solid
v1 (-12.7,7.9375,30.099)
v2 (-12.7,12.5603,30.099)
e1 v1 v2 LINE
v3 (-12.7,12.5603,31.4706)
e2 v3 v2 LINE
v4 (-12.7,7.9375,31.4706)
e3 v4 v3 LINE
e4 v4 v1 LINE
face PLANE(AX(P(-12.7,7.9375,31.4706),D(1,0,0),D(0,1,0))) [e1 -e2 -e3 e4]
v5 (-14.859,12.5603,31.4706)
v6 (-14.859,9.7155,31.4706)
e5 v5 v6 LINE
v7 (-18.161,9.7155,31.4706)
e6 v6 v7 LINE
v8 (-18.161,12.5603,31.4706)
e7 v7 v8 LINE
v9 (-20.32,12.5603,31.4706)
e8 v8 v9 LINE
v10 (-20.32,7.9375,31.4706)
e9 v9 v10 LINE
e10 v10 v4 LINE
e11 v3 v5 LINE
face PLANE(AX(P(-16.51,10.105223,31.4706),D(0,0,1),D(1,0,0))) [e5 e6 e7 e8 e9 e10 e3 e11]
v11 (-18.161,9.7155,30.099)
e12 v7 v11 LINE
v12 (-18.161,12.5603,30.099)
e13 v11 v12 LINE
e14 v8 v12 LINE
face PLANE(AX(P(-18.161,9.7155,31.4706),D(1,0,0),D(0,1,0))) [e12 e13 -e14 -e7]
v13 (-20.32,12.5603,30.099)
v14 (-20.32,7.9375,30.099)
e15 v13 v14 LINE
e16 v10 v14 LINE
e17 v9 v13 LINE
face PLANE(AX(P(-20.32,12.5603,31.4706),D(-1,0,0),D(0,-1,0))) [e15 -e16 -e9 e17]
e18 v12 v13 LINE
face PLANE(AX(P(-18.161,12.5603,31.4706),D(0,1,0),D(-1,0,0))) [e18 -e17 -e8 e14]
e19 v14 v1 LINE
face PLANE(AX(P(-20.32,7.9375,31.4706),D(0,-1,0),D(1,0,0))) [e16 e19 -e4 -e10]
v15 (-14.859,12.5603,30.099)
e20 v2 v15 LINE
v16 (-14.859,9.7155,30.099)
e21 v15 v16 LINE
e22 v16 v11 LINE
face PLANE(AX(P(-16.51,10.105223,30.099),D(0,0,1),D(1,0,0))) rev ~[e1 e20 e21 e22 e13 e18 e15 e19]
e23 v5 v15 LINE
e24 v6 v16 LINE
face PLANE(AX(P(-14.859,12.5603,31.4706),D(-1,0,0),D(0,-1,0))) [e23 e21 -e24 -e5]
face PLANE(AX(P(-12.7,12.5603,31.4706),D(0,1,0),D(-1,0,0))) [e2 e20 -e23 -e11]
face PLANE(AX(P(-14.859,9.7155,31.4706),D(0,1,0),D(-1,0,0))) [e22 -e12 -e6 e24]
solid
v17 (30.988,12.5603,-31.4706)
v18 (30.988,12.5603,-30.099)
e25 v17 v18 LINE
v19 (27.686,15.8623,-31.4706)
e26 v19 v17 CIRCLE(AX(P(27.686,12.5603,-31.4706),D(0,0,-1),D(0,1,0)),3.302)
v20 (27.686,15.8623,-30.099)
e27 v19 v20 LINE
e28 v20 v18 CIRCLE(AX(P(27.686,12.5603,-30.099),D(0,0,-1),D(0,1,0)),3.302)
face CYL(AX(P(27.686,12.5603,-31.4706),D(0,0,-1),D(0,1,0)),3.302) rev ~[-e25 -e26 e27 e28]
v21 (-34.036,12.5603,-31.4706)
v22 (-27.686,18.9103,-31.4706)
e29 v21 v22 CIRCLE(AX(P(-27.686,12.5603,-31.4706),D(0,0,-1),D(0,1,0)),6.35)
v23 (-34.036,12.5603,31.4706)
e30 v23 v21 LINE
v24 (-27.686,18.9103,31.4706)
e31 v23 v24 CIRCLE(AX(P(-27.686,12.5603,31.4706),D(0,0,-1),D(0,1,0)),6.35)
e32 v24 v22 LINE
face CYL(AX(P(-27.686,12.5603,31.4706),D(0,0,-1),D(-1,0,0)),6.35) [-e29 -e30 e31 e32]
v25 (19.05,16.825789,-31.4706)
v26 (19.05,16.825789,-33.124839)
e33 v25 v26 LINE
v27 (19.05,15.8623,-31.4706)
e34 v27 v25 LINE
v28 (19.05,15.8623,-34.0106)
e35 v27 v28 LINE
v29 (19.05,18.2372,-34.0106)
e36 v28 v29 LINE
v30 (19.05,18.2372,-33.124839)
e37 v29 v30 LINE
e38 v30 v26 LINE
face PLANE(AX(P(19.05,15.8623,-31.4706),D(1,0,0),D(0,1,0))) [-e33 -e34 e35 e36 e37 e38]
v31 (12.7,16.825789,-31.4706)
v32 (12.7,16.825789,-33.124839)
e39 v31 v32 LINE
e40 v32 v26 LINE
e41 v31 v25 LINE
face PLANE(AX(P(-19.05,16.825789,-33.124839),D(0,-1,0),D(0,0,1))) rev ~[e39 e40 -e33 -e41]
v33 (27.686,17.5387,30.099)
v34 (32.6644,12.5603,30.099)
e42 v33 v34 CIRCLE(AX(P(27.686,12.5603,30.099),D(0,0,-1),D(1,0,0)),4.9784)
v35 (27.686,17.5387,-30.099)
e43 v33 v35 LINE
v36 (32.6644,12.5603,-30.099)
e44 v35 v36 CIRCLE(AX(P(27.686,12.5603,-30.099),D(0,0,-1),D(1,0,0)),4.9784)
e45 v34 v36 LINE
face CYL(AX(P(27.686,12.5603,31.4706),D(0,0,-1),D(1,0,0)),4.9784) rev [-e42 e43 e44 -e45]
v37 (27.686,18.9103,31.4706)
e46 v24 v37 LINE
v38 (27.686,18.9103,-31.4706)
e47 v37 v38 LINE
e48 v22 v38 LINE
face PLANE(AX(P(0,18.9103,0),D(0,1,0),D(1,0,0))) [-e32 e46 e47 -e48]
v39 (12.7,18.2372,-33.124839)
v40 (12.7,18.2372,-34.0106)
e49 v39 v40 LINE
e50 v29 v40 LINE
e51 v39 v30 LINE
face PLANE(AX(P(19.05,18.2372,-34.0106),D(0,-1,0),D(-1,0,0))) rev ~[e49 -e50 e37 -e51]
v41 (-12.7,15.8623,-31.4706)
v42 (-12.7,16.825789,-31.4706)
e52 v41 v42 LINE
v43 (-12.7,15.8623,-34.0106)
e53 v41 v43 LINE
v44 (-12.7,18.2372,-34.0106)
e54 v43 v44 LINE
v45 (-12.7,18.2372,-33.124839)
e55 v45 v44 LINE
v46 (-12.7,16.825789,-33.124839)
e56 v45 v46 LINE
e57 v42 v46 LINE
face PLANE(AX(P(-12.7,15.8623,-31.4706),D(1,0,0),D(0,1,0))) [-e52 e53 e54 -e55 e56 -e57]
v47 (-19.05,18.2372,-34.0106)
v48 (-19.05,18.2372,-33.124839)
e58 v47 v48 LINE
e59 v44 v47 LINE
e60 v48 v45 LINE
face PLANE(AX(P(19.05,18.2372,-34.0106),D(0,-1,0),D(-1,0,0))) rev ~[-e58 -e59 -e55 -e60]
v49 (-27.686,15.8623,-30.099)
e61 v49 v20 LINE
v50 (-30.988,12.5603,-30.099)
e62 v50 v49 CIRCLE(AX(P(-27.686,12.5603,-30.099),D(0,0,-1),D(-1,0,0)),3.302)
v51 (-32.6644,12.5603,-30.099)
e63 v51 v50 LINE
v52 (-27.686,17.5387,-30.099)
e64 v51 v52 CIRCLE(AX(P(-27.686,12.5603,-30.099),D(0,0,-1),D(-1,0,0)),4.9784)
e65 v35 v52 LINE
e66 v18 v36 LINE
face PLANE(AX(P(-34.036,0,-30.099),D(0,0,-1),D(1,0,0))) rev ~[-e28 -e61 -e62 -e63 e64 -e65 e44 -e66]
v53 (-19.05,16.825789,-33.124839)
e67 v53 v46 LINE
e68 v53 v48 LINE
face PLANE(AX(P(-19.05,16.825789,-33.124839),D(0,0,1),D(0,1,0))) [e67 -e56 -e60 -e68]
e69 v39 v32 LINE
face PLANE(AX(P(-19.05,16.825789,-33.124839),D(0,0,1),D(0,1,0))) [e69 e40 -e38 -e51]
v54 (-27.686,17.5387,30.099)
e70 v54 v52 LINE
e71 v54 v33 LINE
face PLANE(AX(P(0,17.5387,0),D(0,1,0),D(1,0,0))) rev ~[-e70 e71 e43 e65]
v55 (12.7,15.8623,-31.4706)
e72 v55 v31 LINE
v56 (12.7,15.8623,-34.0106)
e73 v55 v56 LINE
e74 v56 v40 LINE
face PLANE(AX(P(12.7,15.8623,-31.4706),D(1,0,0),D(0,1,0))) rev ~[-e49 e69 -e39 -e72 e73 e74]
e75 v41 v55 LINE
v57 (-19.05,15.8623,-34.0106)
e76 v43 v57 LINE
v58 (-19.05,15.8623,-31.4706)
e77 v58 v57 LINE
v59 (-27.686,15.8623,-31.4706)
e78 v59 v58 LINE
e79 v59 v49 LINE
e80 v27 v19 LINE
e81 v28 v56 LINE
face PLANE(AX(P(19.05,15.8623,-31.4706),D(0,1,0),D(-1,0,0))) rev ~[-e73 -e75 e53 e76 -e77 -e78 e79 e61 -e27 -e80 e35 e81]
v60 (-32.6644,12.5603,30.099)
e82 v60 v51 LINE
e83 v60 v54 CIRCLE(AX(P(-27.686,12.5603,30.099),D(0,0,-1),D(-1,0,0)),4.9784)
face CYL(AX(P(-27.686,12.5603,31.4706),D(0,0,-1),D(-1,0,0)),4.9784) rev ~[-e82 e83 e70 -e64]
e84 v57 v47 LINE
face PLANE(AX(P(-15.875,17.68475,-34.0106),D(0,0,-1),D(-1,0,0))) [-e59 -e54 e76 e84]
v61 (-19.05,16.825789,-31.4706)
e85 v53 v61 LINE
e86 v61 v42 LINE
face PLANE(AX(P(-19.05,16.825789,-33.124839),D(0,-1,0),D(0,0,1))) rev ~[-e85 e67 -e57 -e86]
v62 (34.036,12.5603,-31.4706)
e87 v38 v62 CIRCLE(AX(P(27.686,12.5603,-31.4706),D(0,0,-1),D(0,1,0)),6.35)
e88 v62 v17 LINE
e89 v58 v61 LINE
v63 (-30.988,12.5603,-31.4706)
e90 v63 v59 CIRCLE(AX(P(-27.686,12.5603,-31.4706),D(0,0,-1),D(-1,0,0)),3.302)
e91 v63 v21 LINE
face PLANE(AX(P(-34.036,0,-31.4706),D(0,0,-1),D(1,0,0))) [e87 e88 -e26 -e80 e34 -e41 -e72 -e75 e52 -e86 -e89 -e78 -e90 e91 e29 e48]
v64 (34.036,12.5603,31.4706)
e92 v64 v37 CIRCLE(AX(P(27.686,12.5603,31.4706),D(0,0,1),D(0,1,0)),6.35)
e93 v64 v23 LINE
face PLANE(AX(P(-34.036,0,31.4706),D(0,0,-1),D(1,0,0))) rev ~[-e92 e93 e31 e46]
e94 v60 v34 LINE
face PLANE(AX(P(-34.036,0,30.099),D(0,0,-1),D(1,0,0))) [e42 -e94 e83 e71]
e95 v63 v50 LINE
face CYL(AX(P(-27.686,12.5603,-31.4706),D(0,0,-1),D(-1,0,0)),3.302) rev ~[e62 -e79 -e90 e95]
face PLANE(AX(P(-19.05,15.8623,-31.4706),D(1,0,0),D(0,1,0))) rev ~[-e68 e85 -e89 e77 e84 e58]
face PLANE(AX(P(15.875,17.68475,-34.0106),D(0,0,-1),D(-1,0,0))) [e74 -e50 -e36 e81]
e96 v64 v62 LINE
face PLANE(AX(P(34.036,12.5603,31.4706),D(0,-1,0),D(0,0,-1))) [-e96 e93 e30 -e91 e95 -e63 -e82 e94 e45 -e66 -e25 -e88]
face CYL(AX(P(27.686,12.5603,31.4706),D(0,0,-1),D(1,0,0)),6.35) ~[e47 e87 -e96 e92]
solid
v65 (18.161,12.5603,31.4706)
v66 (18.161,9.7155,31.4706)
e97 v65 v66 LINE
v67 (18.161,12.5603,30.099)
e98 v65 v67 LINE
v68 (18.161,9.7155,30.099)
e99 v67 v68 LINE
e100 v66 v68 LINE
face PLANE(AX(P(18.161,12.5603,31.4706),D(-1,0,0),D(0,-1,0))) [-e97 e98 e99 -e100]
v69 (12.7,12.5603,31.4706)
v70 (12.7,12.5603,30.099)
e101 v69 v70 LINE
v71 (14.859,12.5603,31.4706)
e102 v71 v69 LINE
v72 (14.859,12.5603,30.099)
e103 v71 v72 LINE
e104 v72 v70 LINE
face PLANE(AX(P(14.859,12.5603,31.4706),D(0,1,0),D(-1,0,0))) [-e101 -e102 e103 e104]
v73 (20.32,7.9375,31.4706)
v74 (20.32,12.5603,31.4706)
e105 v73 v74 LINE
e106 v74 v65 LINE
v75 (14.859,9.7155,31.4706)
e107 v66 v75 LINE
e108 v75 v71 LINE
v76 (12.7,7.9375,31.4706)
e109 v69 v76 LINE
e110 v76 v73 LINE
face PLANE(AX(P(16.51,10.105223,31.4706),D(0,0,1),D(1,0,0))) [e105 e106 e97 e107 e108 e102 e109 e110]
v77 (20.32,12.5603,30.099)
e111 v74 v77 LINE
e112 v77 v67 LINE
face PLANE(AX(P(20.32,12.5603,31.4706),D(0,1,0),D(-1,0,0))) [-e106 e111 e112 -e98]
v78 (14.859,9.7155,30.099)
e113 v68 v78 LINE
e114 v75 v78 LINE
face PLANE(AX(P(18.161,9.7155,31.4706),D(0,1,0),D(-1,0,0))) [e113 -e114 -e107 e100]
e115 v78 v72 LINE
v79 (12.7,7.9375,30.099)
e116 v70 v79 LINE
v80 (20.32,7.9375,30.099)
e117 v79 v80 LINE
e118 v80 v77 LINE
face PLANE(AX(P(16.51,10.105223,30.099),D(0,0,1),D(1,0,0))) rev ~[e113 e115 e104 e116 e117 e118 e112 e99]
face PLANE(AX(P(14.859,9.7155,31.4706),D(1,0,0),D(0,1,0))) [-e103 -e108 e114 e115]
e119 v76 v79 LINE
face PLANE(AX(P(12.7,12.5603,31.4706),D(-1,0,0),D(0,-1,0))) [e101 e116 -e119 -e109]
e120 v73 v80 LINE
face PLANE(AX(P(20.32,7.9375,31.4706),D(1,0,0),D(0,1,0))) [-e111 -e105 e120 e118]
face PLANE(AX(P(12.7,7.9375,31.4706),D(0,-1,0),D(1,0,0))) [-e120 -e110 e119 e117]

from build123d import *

# Parameters (mm, degrees)
SKETCH1_W                = 68.072
SKETCH1_H                = 62.9412
BOSS_EXTRUDE1_DEPTH      = 18.9103
FILLET1_R                = 6.35
SKETCH36_W               = 62.9412
SKETCH36_H               = 12.5603
CUT_EXTRUDE13_DEPTH      = 1
CUT_EXTRUDE13_DEPTH_BACK = 69.072
BOSS_EXTRUDE2_DEPTH      = 1.3716
BOSS_EXTRUDE2_2_DEPTH    = 1.3716
SHELL1_T                 = -1.3716
CUT_EXTRUDE14_DEPTH      = 1.3716
SKETCH41_W               = 6.35
SKETCH41_H               = 3.6449
BOSS_EXTRUDE4_DEPTH      = 2.54
SKETCH42_W               = 38.1
SKETCH42_H               = 1.27
CUT_EXTRUDE15_DEPTH      = 2.54
SKETCH43_W               = 1.654238959
SKETCH43_H               = 1.41141074
CUT_EXTRUDE16_DEPTH      = 54.086


with BuildPart() as part:
    # Sketch1 → Boss-Extrude1 (new body)
    with BuildSketch(Plane(origin=(0, 0, 0), x_dir=(1, 0, 0), z_dir=(0, 1, 0))):
        Rectangle(SKETCH1_W, SKETCH1_H)
    extrude(amount=BOSS_EXTRUDE1_DEPTH)

    # Fillet1
    fillet1_edges = [part.edges().sort_by_distance(p)[0] for p in [
        (34.036, 18.9103, 0),
        (-34.036, 18.9103, 0),
        (34.036, 0, 0),
        (-34.036, 0, 0),
    ]]
    fillet(fillet1_edges, radius=FILLET1_R)

    # Sketch36 → Cut-Extrude13 (cut, two sides)
    with BuildSketch(Plane(origin=(34.036, 0, 0), x_dir=(0, 0, -1), z_dir=(1, 0, 0))) as cut_extrude13_sk:
        with Locations((0, 6.28015)):
            Rectangle(SKETCH36_W, SKETCH36_H)
    extrude(amount=CUT_EXTRUDE13_DEPTH, mode=Mode.SUBTRACT)
    extrude(cut_extrude13_sk.sketch, amount=-CUT_EXTRUDE13_DEPTH_BACK, mode=Mode.SUBTRACT)

    # Shell1
    shell1_openings = [part.faces().sort_by_distance(p)[0] for p in [
        (0, 12.5603, 0),
    ]]
    offset(amount=SHELL1_T, openings=shell1_openings, kind=Kind.INTERSECTION)

    # Sketch40 → Cut-Extrude14 (cut)
    with BuildSketch(Plane(origin=(0, 0, -31.4706), x_dir=(-1, 0, 0), z_dir=(0, 0, -1))):
        with BuildLine():
            Line((27.686, 15.8623), (-27.686, 15.8623))
            ThreePointArc((-27.686, 15.8623), (-30.020866591, 14.895166591), (-30.988, 12.5603))
            Line((-30.988, 12.5603), (30.988, 12.5603))
            ThreePointArc((30.988, 12.5603), (30.020866591, 14.895166591), (27.686, 15.8623))
        make_face()
    extrude(amount=-CUT_EXTRUDE14_DEPTH, mode=Mode.SUBTRACT)

    # Sketch41 → Boss-Extrude4 (add)
    with BuildSketch(Plane(origin=(0, 0, -31.4706), x_dir=(-1, 0, 0), z_dir=(0, 0, -1))):
        with Locations((-15.875, 17.68475)):
            Rectangle(SKETCH41_W, SKETCH41_H)
        with Locations((15.875, 17.68475)):
            Rectangle(SKETCH41_W, SKETCH41_H)
    extrude(amount=BOSS_EXTRUDE4_DEPTH)

    # Sketch42 → Cut-Extrude15 (cut)
    with BuildSketch(Plane(origin=(0, 0, -34.0106), x_dir=(-1, 0, 0), z_dir=(0, 0, -1))):
        with Locations((0, 18.8722)):
            Rectangle(SKETCH42_W, SKETCH42_H)
    extrude(amount=-CUT_EXTRUDE15_DEPTH, mode=Mode.SUBTRACT)

    # Sketch43 → Cut-Extrude16 (cut, through all)
    with BuildSketch(Plane.ZY.offset(19.05)):
        with Locations((-32.29771948, 17.53149463)):
            Rectangle(SKETCH43_W, SKETCH43_H)
    extrude(amount=-CUT_EXTRUDE16_DEPTH, mode=Mode.SUBTRACT)


with BuildPart() as body_2:
    # Sketch37 → Boss-Extrude2 (new body)
    with BuildSketch(Plane.XY.offset(31.4706)):
        Polygon((-18.161, 12.5603), (-20.32, 12.5603), (-20.32, 7.9375), (-12.7, 7.9375), (-12.7, 12.5603), (-14.859, 12.5603), (-14.859, 9.7155), (-18.161, 9.7155), align=None)
    extrude(amount=-BOSS_EXTRUDE2_DEPTH)


with BuildPart() as body_3:
    # Sketch37 → Boss-Extrude2 2 (new body)
    with BuildSketch(Plane.XY.offset(31.4706)):
        Polygon((14.859, 12.5603), (12.7, 12.5603), (12.7, 7.9375), (20.32, 7.9375), (20.32, 12.5603), (18.161, 12.5603), (18.161, 9.7155), (14.859, 9.7155), align=None)
    extrude(amount=-BOSS_EXTRUDE2_2_DEPTH)


solid = Compound([part.part, body_2.part, body_3.part])
